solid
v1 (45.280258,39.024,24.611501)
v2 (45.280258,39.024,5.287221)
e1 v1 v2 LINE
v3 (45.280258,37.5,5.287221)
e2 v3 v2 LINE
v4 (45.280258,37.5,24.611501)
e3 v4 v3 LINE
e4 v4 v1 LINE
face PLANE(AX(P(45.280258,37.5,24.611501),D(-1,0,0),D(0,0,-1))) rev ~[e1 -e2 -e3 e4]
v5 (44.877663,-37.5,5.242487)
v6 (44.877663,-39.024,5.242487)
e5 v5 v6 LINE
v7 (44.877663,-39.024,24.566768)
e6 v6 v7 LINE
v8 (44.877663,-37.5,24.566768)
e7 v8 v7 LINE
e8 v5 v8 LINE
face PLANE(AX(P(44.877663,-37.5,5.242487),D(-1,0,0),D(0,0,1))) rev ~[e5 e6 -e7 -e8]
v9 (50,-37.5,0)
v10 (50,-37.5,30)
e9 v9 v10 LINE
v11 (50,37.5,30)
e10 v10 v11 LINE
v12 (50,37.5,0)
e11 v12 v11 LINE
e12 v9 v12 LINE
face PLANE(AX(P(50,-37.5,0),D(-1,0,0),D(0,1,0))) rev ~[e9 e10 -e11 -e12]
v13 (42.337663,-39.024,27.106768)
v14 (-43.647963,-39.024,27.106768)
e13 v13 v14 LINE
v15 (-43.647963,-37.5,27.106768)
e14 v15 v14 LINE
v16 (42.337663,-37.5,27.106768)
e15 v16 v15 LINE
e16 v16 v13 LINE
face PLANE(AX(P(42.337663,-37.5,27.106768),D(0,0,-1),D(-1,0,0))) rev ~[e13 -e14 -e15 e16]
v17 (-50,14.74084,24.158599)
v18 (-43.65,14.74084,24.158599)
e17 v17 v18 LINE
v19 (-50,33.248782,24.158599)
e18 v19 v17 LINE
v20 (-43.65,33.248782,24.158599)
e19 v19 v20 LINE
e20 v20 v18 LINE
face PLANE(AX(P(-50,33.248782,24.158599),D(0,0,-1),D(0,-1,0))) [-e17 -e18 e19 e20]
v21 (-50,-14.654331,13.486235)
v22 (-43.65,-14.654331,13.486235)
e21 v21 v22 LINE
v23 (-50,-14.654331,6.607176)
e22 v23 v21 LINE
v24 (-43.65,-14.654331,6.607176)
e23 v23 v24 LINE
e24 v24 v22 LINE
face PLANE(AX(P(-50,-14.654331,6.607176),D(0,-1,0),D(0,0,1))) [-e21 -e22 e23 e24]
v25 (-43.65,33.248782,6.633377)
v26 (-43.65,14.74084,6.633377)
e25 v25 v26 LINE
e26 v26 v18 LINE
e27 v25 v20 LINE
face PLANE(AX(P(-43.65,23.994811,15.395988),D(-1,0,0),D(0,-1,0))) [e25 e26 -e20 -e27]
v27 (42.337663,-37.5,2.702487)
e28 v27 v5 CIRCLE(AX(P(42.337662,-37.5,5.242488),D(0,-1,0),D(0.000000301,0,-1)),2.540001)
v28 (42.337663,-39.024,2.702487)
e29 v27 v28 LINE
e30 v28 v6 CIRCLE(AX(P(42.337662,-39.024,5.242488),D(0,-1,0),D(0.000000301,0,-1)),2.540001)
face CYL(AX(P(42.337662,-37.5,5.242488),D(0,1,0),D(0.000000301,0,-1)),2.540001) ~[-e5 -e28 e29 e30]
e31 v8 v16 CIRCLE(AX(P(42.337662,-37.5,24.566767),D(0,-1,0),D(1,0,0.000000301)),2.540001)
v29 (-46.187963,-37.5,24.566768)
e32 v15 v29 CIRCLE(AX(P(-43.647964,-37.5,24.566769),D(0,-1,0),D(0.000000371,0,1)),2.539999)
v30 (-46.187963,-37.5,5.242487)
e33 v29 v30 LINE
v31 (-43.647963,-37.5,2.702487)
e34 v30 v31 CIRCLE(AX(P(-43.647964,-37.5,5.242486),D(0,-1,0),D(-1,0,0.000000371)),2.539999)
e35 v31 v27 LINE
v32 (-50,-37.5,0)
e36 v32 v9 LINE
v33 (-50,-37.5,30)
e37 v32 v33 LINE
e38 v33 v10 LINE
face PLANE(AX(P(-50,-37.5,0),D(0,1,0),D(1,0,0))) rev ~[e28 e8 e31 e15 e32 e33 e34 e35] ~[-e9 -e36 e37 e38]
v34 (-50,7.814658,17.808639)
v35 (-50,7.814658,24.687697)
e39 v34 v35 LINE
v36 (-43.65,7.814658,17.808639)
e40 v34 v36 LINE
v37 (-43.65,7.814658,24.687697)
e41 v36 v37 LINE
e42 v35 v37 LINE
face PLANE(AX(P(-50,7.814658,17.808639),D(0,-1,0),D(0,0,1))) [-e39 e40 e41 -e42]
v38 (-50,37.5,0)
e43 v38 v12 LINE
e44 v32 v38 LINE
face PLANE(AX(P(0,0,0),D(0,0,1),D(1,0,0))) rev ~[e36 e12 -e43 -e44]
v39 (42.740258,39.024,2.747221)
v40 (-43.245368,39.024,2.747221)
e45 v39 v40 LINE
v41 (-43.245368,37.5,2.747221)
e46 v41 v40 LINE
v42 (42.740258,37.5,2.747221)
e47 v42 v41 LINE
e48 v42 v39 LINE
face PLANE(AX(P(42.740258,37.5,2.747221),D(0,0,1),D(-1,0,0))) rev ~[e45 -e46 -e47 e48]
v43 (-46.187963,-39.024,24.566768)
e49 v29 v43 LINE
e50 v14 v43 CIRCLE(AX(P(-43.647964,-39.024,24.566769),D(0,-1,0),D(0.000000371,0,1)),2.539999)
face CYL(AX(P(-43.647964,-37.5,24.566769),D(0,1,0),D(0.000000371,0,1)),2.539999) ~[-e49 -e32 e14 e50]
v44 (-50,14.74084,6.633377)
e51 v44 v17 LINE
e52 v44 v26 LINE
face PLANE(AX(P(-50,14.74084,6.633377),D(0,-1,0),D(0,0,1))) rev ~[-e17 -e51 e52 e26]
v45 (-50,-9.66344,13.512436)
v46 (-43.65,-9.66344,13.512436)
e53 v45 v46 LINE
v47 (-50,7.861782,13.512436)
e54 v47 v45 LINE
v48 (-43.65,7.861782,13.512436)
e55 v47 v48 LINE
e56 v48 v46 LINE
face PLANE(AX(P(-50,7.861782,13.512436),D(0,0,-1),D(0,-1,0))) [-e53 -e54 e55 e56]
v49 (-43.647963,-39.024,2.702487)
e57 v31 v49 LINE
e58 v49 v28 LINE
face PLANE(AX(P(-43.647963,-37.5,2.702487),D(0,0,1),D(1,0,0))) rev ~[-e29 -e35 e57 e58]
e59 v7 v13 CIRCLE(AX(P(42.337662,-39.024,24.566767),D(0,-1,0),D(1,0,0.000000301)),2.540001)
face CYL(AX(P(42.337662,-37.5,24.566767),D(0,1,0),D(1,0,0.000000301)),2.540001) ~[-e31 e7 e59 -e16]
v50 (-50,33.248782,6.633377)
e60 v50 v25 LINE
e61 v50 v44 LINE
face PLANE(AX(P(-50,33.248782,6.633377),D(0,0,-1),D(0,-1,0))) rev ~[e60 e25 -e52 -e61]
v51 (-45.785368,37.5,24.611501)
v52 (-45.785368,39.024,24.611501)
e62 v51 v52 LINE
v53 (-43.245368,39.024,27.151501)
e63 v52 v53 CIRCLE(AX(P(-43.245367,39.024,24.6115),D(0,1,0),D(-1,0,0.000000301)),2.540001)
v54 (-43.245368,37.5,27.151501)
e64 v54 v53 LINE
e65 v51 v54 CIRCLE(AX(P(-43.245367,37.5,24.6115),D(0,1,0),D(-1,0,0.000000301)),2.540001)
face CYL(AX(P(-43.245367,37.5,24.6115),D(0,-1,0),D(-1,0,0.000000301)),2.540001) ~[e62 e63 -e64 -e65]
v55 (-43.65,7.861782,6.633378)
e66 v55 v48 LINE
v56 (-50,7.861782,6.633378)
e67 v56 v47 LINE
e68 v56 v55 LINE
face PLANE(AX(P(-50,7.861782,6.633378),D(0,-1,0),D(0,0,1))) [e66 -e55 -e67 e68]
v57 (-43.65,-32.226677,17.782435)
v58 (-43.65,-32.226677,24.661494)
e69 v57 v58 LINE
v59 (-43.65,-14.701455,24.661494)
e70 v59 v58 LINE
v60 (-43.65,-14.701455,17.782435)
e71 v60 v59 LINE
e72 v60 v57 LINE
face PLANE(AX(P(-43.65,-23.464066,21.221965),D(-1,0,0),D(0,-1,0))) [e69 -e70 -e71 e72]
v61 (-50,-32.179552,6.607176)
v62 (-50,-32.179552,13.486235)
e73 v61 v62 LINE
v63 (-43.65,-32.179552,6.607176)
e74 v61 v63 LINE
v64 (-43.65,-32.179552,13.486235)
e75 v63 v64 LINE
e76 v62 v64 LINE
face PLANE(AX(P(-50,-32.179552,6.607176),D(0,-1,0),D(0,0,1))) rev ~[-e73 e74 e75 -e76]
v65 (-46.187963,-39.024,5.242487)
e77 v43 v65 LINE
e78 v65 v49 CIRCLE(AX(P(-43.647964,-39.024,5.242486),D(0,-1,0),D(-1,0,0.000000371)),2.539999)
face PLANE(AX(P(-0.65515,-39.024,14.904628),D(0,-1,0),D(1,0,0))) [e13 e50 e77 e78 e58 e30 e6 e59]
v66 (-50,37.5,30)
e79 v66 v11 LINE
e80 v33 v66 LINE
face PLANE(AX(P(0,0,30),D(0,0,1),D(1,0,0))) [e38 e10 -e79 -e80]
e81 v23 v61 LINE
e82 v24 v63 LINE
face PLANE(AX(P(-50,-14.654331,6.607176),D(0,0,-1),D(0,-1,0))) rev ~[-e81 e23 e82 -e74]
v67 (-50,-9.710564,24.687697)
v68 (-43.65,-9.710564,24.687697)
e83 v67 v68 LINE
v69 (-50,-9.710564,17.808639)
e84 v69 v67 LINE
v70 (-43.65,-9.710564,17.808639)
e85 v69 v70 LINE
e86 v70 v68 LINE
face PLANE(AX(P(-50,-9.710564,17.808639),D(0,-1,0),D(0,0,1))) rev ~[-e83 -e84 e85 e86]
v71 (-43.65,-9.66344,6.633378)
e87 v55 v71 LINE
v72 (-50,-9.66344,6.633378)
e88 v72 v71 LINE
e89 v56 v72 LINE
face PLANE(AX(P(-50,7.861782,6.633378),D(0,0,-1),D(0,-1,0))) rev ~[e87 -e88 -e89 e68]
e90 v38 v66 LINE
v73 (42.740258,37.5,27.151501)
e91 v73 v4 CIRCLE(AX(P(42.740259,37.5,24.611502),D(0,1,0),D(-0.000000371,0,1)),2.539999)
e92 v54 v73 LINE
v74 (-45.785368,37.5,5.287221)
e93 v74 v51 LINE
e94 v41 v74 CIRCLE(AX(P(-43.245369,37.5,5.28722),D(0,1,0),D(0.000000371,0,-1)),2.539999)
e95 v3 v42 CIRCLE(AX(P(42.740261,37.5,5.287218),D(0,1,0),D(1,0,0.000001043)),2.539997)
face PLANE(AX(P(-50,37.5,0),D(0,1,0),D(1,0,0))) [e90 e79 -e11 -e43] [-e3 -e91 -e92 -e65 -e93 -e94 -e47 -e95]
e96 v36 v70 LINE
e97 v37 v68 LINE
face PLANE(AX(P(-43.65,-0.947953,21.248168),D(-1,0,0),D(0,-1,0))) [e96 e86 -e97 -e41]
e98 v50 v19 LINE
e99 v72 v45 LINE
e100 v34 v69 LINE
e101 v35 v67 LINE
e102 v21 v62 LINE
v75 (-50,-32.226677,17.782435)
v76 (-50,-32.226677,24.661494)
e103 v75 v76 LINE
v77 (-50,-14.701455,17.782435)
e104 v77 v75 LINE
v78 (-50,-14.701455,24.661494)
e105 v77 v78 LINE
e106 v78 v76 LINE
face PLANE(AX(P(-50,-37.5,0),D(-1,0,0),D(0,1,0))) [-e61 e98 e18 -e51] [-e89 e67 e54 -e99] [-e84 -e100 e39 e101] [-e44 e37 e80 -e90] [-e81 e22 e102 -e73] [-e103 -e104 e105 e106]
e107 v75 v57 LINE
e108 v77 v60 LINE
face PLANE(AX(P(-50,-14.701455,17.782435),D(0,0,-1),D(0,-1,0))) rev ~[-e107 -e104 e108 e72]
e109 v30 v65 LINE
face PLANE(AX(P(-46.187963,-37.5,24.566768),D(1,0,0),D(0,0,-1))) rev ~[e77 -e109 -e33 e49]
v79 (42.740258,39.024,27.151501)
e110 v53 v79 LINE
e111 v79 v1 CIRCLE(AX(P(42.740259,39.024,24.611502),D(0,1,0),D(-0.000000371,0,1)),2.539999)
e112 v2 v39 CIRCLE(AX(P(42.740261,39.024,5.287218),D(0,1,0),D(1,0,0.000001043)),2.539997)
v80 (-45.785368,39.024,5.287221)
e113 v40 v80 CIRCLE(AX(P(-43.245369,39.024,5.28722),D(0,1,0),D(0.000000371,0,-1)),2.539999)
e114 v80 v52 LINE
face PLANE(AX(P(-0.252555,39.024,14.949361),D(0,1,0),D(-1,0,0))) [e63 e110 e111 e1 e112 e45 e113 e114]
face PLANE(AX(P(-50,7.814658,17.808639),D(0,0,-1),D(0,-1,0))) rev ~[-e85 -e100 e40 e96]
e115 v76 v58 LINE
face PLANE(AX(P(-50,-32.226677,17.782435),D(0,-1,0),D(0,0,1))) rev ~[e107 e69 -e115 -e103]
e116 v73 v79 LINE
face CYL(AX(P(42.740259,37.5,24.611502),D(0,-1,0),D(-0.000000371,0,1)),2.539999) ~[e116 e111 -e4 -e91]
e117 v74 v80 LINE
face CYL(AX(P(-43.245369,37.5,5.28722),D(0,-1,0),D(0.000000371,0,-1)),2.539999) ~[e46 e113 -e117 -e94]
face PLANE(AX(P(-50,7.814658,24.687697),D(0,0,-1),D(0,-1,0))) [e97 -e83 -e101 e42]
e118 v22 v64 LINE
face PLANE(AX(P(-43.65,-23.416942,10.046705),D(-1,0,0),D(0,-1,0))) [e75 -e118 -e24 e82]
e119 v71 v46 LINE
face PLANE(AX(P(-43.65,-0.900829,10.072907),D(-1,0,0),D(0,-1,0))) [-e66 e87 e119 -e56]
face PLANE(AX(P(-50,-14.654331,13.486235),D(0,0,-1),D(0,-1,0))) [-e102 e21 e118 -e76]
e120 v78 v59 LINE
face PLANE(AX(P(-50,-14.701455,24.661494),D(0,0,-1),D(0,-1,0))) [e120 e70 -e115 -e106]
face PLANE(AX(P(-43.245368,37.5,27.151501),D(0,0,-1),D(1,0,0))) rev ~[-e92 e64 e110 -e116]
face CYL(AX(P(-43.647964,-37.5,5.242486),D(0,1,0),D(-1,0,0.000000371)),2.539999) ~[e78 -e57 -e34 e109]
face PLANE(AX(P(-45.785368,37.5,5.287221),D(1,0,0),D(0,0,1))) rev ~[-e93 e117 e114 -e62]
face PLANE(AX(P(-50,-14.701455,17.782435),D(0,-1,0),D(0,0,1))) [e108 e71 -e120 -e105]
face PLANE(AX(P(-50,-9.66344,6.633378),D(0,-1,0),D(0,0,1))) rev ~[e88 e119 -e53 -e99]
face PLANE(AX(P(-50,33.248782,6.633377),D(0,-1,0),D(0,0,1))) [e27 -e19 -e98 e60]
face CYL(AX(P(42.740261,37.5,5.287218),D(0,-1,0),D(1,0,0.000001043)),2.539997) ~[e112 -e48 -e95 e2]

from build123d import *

# Parameters (mm, degrees)
F0_W     = 100
F0_H     = 75
F1_DEPTH = 30
F3_DEPTH = 1.524
F5_DEPTH = 1.524
F6_W     = 18.507942
F6_H     = 17.525221
F6_W_2   = 17.525221
F6_H_2   = 6.879058
F6_W_3   = 17.525222
F6_H_3   = 6.879059
F7_DEPTH = 6.35


with BuildPart() as f1:
    # F0 (on Top) → F1 (new body)
    with BuildSketch(Plane.XY):
        Rectangle(F0_W, F0_H)
    extrude(amount=F1_DEPTH)

    # F2 (on face) → F3 (join)
    with BuildSketch(Plane.XZ.offset(37.5)):
        with BuildLine():
            Line((42.337663, 27.106768), (-43.647963, 27.106768))
            ThreePointArc((-43.647963, 27.106768), (-45.444015, 26.362819), (-46.187963, 24.566768))
            Line((-46.187963, 24.566768), (-46.187963, 5.242487))
            ThreePointArc((-46.187963, 5.242487), (-45.444015, 3.446436), (-43.647963, 2.702487))
            Line((-43.647963, 2.702487), (42.337663, 2.702487))
            ThreePointArc((42.337663, 2.702487), (44.133714, 3.446436), (44.877663, 5.242487))
            Line((44.877663, 5.242487), (44.877663, 24.566768))
            ThreePointArc((44.877663, 24.566768), (44.133714, 26.362819), (42.337663, 27.106768))
        make_face()
    extrude(amount=F3_DEPTH)

    # F4 (on face) → F5 (join)
    with BuildSketch(Plane(origin=(0, 37.5, 0), x_dir=(-1, 0, 0), z_dir=(0, 1, 0))):
        with BuildLine():
            Line((43.245368, 27.151501), (-42.740258, 27.151501))
            ThreePointArc((-42.740258, 27.151501), (-44.53631, 26.407552), (-45.280258, 24.611501))
            Line((-45.280258, 24.611501), (-45.280258, 5.287221))
            ThreePointArc((-45.280258, 5.287221), (-44.53631, 3.491169), (-42.740258, 2.747221))
            Line((-42.740258, 2.747221), (43.245368, 2.747221))
            ThreePointArc((43.245368, 2.747221), (45.041419, 3.491169), (45.785368, 5.287221))
            Line((45.785368, 5.287221), (45.785368, 24.611501))
            ThreePointArc((45.785368, 24.611501), (45.041419, 26.407552), (43.245368, 27.151501))
        make_face()
    extrude(amount=F5_DEPTH)

    # F6 (on face) → F7 (cut)
    with BuildSketch(Plane(origin=(-50, 0, 0), x_dir=(0, -1, 0), z_dir=(-1, 0, 0))):
        with Locations((-23.994811, 15.395988)):
            Rectangle(F6_W, F6_H)
        with Locations((0.900829, 10.072907)):
            Rectangle(F6_W_2, F6_H_2)
        with Locations((0.947953, 21.248168)):
            Rectangle(F6_W_3, F6_H_3)
        with Locations((23.416942, 10.046705)):
            Rectangle(F6_W_2, F6_H_3)
        with Locations((23.464066, 21.221965)):
            Rectangle(F6_W_3, F6_H_3)
    extrude(amount=-F7_DEPTH, mode=Mode.SUBTRACT)


solid = f1.part
